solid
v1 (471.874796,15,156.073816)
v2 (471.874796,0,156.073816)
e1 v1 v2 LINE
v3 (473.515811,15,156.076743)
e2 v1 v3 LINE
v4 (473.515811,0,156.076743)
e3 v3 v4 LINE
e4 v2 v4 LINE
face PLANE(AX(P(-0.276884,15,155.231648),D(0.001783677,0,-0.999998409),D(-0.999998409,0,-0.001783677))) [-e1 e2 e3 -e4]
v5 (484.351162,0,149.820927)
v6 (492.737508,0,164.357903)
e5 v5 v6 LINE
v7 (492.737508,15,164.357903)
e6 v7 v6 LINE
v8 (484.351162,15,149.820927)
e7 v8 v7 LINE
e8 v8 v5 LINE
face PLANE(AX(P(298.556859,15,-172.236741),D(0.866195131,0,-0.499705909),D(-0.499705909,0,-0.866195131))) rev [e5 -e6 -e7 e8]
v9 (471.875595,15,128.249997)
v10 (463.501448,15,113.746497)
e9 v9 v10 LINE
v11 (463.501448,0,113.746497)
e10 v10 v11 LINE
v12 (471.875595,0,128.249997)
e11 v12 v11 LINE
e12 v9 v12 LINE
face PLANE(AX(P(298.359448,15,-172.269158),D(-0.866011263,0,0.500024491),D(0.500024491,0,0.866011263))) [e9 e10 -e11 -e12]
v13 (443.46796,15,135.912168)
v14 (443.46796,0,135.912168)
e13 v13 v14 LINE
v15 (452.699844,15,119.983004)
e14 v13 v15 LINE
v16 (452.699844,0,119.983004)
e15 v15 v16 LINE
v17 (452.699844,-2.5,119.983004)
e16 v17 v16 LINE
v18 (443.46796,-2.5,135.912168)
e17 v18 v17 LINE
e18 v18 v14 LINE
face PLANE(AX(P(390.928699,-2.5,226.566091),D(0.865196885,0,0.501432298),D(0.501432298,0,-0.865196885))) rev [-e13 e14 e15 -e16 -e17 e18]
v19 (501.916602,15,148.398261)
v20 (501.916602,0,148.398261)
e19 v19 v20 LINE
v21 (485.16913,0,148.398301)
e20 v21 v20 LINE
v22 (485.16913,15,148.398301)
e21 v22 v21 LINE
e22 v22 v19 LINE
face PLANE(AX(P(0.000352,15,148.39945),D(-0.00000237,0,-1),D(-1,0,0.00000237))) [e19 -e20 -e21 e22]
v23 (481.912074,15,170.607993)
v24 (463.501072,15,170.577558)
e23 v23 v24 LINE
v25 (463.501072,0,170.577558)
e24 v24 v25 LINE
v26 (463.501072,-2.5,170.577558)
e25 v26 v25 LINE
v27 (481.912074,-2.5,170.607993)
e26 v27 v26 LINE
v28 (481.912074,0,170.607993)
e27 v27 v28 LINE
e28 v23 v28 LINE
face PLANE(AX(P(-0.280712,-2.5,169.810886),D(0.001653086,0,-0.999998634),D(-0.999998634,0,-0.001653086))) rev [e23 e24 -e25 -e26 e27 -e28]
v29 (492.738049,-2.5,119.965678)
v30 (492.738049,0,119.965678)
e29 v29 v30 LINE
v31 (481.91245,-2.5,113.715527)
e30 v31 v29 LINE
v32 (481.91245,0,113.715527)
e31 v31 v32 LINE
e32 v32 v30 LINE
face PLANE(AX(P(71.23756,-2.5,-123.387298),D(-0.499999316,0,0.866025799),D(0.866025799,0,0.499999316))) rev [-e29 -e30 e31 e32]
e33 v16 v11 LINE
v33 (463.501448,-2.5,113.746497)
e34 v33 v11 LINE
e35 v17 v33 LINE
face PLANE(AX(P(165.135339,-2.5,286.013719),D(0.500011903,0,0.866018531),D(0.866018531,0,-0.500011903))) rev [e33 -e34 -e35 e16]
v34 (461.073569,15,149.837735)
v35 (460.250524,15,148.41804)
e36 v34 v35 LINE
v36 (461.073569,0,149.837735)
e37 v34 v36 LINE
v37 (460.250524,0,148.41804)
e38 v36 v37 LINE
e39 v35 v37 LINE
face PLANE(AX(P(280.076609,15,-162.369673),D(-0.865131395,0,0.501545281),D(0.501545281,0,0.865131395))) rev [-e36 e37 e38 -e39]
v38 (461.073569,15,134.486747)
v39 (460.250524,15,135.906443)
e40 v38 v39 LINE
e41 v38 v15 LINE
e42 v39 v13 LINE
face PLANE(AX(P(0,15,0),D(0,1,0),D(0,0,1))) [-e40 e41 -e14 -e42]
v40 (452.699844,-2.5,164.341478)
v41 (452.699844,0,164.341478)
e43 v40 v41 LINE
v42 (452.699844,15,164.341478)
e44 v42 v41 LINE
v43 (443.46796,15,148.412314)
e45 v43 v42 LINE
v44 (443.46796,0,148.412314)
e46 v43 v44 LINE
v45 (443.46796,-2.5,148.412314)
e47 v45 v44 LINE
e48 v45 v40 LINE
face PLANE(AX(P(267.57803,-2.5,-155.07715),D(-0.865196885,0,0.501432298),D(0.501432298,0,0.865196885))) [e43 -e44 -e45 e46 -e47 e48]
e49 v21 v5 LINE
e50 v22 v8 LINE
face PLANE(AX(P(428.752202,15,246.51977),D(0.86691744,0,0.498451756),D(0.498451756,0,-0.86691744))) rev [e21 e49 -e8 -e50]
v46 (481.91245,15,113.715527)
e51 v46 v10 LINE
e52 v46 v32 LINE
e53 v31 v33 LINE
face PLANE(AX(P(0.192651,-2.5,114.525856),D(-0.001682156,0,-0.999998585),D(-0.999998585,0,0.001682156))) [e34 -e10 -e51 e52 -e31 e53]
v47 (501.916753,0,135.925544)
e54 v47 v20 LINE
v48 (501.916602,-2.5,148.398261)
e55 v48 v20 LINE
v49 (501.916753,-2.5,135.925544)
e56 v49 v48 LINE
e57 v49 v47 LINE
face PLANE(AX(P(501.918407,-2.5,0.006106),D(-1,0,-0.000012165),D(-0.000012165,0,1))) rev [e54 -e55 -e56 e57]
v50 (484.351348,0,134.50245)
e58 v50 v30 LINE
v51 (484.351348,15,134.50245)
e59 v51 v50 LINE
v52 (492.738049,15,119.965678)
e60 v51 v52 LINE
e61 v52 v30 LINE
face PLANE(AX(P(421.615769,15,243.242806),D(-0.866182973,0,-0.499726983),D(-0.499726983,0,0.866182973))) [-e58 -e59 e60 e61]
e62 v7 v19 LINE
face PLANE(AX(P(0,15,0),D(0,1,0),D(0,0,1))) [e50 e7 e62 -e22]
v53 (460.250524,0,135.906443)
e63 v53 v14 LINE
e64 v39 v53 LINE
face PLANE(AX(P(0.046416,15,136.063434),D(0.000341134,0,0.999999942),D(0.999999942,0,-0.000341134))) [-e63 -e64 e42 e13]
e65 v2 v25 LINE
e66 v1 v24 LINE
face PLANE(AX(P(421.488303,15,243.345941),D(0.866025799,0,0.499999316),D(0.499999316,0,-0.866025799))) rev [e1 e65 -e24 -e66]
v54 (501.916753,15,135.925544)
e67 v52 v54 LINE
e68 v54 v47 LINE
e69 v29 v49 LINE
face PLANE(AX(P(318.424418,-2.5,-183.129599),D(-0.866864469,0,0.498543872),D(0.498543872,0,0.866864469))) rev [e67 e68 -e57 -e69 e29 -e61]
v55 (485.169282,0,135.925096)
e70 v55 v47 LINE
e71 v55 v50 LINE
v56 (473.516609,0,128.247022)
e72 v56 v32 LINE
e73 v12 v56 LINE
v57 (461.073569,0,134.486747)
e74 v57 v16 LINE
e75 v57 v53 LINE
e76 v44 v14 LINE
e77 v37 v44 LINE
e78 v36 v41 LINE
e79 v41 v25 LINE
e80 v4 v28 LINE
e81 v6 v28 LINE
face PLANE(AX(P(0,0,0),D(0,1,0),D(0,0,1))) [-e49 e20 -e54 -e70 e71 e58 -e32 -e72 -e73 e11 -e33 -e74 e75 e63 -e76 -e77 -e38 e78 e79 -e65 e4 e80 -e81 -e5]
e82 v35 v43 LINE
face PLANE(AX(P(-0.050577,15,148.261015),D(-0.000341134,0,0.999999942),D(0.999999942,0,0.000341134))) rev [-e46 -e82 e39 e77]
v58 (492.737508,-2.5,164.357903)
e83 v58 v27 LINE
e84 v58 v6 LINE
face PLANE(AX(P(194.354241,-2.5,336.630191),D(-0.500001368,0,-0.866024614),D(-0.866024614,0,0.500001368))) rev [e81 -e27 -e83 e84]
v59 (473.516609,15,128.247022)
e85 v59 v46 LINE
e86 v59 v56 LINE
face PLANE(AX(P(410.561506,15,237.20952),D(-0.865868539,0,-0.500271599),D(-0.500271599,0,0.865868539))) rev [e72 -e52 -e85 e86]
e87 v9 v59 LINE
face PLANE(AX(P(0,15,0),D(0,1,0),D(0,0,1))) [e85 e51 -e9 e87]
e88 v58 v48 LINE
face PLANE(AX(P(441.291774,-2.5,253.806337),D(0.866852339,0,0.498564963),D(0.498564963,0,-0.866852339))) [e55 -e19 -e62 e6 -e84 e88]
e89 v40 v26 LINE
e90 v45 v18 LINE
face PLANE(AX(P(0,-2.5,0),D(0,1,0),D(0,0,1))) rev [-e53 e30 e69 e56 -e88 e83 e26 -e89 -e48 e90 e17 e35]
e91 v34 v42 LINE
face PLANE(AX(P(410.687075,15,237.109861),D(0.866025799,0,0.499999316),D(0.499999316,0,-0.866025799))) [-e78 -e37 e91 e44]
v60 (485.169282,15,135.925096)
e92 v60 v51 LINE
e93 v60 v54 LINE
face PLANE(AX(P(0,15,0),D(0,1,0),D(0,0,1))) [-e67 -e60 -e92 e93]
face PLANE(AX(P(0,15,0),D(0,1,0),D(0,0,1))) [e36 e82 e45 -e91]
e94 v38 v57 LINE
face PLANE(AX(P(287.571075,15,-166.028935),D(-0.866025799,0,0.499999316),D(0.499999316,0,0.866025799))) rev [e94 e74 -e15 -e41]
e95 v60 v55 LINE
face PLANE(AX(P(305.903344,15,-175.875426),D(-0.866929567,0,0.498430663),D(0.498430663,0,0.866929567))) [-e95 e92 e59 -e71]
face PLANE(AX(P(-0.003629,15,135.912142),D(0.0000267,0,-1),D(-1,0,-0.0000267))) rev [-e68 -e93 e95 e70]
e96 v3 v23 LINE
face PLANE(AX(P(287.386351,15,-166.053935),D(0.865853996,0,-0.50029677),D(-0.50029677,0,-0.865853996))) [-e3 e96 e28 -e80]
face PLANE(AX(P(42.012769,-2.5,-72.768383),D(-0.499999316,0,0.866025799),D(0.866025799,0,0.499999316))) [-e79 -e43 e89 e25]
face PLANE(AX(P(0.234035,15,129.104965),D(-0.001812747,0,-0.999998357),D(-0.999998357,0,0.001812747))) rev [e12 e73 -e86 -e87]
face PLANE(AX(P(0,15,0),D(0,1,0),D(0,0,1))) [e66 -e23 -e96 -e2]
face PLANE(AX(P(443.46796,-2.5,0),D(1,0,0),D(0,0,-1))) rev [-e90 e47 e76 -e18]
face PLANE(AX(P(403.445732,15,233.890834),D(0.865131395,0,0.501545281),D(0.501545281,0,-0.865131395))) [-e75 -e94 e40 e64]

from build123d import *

# Parameters (mm, degrees)
BOSS_EXTRUDE1_DEPTH = 2.5
BOSS_EXTRUDE2_DEPTH = 15


with BuildPart() as part:
    # Sketch1 → Boss-Extrude1 (new body)
    with BuildSketch(Plane(origin=(0, 0, 0), x_dir=(1, 0, 0), z_dir=(0, 1, 0))):
        Polygon((443.467960434, -135.912167949), (443.467960434, -148.412314407), (452.699844164, -164.341477869), (463.501071842, -170.577558199), (481.912073973, -170.607993214), (492.737508483, -164.357902881), (501.91660162, -148.398260812), (501.916753351, -135.925543562), (492.738048515, -119.96567817), (481.912449677, -113.71552717), (463.501448438, -113.746497393), (452.699844164, -119.983004487), align=None)
    extrude(amount=-BOSS_EXTRUDE1_DEPTH)

    # Sketch1<12> → Boss-Extrude2 (add)
    with BuildSketch(Plane(origin=(0, 0, 0), x_dir=(1, 0, 0), z_dir=(0, 1, 0))):
        Polygon((443.467960434, -148.412314407), (452.699844164, -164.341477869), (461.073568615, -149.83773521), (460.250524065, -148.418039508), align=None)
        Polygon((471.874796293, -156.07381554), (463.501071842, -170.577558199), (481.912073973, -170.607993214), (473.515811116, -156.076742585), align=None)
        Polygon((452.699844164, -119.983004487), (443.467960434, -135.912167949), (460.250524065, -135.906442848), (461.073568615, -134.486747146), align=None)
        Polygon((484.351161781, -149.820927135), (492.737508483, -164.357902881), (501.91660162, -148.398260812), (485.169129802, -148.398300503), align=None)
        Polygon((481.912449677, -113.71552717), (463.501448438, -113.746497393), (471.875594509, -128.249996622), (473.516609246, -128.247021872), align=None)
        Polygon((485.169281539, -135.925096404), (501.916753351, -135.925543562), (492.738048515, -119.96567817), (484.351348131, -134.502449871), align=None)
    extrude(amount=BOSS_EXTRUDE2_DEPTH)


solid = part.part
